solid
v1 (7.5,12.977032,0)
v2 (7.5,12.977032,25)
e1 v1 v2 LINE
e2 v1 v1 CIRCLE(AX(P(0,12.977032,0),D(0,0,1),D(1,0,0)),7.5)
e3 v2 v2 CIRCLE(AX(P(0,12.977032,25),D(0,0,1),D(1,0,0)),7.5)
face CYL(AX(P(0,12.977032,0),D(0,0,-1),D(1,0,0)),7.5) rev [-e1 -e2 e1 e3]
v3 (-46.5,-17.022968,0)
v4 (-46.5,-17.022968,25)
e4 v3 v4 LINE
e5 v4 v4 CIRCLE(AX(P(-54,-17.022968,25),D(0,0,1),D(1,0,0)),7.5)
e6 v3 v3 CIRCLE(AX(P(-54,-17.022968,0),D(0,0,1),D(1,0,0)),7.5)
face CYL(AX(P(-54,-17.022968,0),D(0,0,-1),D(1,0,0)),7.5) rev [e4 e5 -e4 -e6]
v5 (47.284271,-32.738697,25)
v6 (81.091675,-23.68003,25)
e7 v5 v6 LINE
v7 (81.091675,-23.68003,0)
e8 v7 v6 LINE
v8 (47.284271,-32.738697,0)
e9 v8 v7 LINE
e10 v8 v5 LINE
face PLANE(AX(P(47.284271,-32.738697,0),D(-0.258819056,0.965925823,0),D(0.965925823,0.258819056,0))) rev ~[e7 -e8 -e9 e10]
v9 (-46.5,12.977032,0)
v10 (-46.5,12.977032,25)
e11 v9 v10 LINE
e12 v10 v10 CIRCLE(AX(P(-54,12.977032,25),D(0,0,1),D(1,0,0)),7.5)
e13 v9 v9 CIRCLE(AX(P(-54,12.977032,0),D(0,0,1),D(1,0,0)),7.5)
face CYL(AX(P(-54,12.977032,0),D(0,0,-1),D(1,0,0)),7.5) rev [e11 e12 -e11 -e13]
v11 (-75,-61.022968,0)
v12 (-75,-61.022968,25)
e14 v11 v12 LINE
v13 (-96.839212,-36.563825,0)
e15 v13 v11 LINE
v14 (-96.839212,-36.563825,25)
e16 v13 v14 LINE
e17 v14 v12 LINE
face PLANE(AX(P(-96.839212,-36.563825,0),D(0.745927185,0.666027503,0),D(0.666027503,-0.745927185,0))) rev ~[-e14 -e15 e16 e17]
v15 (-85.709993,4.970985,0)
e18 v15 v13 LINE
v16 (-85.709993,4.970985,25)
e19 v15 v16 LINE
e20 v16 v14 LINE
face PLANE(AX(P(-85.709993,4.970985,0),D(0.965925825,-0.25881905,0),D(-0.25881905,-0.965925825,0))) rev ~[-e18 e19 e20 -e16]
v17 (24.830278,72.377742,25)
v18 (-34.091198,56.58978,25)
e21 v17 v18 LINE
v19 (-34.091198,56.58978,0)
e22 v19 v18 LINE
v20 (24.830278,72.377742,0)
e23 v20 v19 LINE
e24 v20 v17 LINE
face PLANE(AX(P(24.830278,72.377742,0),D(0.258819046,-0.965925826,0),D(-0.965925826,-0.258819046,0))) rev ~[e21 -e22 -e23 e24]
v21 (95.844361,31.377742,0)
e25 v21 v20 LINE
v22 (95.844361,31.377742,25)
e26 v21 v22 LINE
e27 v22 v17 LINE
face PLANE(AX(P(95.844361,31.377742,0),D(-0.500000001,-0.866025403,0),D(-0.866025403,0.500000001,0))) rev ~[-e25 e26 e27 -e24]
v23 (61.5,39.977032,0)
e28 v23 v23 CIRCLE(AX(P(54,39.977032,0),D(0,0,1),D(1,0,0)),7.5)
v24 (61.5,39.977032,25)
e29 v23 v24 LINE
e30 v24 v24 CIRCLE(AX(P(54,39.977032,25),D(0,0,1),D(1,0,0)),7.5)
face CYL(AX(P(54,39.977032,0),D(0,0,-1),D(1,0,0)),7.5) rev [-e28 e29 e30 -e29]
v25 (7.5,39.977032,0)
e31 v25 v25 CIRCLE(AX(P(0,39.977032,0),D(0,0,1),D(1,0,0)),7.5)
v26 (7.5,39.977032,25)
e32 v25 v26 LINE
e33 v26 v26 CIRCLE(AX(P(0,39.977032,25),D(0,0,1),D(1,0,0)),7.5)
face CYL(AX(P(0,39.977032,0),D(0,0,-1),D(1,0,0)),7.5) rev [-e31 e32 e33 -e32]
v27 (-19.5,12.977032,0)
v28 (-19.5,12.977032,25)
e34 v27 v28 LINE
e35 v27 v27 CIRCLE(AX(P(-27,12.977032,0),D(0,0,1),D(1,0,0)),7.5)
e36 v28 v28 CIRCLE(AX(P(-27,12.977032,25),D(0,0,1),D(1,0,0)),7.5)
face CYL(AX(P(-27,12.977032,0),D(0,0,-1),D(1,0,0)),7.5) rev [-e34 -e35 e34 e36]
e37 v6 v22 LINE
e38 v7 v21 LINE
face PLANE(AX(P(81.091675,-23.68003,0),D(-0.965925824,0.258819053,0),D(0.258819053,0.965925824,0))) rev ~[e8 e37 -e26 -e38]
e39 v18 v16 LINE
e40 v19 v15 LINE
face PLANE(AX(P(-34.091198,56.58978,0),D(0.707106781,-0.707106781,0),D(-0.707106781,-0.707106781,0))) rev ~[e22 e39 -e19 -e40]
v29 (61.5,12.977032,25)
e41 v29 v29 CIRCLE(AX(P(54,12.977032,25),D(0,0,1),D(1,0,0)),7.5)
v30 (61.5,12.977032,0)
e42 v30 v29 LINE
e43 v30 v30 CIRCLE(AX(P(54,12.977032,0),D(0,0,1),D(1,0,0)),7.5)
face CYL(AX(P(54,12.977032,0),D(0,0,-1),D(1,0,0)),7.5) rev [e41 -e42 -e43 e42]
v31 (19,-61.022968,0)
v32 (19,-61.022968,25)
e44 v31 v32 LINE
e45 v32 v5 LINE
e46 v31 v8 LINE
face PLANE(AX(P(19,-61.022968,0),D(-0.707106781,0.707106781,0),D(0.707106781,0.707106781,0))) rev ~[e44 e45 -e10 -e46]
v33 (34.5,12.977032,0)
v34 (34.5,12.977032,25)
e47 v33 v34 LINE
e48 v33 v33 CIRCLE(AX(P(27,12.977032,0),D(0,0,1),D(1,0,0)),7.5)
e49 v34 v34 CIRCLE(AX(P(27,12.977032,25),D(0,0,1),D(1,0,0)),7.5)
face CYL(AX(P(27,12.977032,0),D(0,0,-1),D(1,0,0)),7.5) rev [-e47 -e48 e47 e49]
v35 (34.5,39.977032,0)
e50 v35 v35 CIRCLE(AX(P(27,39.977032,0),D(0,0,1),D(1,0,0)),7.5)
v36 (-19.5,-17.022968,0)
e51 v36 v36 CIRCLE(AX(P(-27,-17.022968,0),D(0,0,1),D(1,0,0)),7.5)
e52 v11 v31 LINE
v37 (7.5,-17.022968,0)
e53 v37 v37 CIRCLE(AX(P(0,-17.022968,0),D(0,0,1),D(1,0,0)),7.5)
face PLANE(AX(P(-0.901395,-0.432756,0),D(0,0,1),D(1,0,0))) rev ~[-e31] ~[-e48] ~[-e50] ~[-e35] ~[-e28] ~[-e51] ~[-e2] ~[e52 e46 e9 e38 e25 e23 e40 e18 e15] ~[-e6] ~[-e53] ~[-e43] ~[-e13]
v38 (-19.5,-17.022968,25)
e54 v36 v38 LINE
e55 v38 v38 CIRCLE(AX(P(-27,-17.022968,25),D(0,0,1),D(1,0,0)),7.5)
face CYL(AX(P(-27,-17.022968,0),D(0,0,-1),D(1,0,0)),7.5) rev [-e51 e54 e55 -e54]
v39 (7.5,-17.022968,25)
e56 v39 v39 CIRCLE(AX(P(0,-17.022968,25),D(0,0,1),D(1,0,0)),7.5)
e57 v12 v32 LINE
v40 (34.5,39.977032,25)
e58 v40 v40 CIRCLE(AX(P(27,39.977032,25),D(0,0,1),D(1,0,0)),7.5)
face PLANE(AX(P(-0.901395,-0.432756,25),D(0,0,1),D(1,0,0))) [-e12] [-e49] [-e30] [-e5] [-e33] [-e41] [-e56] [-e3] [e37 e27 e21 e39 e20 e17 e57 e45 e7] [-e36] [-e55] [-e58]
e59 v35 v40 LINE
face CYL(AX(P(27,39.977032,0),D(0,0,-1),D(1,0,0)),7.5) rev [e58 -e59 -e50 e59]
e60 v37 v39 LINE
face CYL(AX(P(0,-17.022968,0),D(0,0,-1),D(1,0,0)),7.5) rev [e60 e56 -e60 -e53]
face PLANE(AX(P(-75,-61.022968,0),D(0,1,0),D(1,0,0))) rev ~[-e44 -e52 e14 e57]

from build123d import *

# Parameters (mm, degrees)
F0_R     = 7.5
F1_DEPTH = 25


with BuildPart() as f1:
    # F0 (on Top) → F1 (new body)
    with BuildSketch(Plane.XY):
        Polygon((-96.839212, -36.563825), (-75, -61.022968), (19, -61.022968), (47.284271, -32.738697), (81.091675, -23.68003), (95.844361, 31.377742), (24.830278, 72.377742), (-34.091198, 56.58978), (-85.709993, 4.970985), align=None)
        with Locations((-54, -17.022968)):
            Circle(F0_R, mode=Mode.SUBTRACT)
        with Locations((-27, -17.022968)):
            Circle(F0_R, mode=Mode.SUBTRACT)
        with Locations((0, -17.022968)):
            Circle(F0_R, mode=Mode.SUBTRACT)
        with Locations((-54, 12.977032)):
            Circle(F0_R, mode=Mode.SUBTRACT)
        with Locations((-27, 12.977032)):
            Circle(F0_R, mode=Mode.SUBTRACT)
        with Locations((0, 12.977032)):
            Circle(F0_R, mode=Mode.SUBTRACT)
        with Locations((27, 12.977032)):
            Circle(F0_R, mode=Mode.SUBTRACT)
        with Locations((54, 12.977032)):
            Circle(F0_R, mode=Mode.SUBTRACT)
        with Locations((0, 39.977032)):
            Circle(F0_R, mode=Mode.SUBTRACT)
        with Locations((27, 39.977032)):
            Circle(F0_R, mode=Mode.SUBTRACT)
        with Locations((54, 39.977032)):
            Circle(F0_R, mode=Mode.SUBTRACT)
    extrude(amount=F1_DEPTH)


solid = f1.part
